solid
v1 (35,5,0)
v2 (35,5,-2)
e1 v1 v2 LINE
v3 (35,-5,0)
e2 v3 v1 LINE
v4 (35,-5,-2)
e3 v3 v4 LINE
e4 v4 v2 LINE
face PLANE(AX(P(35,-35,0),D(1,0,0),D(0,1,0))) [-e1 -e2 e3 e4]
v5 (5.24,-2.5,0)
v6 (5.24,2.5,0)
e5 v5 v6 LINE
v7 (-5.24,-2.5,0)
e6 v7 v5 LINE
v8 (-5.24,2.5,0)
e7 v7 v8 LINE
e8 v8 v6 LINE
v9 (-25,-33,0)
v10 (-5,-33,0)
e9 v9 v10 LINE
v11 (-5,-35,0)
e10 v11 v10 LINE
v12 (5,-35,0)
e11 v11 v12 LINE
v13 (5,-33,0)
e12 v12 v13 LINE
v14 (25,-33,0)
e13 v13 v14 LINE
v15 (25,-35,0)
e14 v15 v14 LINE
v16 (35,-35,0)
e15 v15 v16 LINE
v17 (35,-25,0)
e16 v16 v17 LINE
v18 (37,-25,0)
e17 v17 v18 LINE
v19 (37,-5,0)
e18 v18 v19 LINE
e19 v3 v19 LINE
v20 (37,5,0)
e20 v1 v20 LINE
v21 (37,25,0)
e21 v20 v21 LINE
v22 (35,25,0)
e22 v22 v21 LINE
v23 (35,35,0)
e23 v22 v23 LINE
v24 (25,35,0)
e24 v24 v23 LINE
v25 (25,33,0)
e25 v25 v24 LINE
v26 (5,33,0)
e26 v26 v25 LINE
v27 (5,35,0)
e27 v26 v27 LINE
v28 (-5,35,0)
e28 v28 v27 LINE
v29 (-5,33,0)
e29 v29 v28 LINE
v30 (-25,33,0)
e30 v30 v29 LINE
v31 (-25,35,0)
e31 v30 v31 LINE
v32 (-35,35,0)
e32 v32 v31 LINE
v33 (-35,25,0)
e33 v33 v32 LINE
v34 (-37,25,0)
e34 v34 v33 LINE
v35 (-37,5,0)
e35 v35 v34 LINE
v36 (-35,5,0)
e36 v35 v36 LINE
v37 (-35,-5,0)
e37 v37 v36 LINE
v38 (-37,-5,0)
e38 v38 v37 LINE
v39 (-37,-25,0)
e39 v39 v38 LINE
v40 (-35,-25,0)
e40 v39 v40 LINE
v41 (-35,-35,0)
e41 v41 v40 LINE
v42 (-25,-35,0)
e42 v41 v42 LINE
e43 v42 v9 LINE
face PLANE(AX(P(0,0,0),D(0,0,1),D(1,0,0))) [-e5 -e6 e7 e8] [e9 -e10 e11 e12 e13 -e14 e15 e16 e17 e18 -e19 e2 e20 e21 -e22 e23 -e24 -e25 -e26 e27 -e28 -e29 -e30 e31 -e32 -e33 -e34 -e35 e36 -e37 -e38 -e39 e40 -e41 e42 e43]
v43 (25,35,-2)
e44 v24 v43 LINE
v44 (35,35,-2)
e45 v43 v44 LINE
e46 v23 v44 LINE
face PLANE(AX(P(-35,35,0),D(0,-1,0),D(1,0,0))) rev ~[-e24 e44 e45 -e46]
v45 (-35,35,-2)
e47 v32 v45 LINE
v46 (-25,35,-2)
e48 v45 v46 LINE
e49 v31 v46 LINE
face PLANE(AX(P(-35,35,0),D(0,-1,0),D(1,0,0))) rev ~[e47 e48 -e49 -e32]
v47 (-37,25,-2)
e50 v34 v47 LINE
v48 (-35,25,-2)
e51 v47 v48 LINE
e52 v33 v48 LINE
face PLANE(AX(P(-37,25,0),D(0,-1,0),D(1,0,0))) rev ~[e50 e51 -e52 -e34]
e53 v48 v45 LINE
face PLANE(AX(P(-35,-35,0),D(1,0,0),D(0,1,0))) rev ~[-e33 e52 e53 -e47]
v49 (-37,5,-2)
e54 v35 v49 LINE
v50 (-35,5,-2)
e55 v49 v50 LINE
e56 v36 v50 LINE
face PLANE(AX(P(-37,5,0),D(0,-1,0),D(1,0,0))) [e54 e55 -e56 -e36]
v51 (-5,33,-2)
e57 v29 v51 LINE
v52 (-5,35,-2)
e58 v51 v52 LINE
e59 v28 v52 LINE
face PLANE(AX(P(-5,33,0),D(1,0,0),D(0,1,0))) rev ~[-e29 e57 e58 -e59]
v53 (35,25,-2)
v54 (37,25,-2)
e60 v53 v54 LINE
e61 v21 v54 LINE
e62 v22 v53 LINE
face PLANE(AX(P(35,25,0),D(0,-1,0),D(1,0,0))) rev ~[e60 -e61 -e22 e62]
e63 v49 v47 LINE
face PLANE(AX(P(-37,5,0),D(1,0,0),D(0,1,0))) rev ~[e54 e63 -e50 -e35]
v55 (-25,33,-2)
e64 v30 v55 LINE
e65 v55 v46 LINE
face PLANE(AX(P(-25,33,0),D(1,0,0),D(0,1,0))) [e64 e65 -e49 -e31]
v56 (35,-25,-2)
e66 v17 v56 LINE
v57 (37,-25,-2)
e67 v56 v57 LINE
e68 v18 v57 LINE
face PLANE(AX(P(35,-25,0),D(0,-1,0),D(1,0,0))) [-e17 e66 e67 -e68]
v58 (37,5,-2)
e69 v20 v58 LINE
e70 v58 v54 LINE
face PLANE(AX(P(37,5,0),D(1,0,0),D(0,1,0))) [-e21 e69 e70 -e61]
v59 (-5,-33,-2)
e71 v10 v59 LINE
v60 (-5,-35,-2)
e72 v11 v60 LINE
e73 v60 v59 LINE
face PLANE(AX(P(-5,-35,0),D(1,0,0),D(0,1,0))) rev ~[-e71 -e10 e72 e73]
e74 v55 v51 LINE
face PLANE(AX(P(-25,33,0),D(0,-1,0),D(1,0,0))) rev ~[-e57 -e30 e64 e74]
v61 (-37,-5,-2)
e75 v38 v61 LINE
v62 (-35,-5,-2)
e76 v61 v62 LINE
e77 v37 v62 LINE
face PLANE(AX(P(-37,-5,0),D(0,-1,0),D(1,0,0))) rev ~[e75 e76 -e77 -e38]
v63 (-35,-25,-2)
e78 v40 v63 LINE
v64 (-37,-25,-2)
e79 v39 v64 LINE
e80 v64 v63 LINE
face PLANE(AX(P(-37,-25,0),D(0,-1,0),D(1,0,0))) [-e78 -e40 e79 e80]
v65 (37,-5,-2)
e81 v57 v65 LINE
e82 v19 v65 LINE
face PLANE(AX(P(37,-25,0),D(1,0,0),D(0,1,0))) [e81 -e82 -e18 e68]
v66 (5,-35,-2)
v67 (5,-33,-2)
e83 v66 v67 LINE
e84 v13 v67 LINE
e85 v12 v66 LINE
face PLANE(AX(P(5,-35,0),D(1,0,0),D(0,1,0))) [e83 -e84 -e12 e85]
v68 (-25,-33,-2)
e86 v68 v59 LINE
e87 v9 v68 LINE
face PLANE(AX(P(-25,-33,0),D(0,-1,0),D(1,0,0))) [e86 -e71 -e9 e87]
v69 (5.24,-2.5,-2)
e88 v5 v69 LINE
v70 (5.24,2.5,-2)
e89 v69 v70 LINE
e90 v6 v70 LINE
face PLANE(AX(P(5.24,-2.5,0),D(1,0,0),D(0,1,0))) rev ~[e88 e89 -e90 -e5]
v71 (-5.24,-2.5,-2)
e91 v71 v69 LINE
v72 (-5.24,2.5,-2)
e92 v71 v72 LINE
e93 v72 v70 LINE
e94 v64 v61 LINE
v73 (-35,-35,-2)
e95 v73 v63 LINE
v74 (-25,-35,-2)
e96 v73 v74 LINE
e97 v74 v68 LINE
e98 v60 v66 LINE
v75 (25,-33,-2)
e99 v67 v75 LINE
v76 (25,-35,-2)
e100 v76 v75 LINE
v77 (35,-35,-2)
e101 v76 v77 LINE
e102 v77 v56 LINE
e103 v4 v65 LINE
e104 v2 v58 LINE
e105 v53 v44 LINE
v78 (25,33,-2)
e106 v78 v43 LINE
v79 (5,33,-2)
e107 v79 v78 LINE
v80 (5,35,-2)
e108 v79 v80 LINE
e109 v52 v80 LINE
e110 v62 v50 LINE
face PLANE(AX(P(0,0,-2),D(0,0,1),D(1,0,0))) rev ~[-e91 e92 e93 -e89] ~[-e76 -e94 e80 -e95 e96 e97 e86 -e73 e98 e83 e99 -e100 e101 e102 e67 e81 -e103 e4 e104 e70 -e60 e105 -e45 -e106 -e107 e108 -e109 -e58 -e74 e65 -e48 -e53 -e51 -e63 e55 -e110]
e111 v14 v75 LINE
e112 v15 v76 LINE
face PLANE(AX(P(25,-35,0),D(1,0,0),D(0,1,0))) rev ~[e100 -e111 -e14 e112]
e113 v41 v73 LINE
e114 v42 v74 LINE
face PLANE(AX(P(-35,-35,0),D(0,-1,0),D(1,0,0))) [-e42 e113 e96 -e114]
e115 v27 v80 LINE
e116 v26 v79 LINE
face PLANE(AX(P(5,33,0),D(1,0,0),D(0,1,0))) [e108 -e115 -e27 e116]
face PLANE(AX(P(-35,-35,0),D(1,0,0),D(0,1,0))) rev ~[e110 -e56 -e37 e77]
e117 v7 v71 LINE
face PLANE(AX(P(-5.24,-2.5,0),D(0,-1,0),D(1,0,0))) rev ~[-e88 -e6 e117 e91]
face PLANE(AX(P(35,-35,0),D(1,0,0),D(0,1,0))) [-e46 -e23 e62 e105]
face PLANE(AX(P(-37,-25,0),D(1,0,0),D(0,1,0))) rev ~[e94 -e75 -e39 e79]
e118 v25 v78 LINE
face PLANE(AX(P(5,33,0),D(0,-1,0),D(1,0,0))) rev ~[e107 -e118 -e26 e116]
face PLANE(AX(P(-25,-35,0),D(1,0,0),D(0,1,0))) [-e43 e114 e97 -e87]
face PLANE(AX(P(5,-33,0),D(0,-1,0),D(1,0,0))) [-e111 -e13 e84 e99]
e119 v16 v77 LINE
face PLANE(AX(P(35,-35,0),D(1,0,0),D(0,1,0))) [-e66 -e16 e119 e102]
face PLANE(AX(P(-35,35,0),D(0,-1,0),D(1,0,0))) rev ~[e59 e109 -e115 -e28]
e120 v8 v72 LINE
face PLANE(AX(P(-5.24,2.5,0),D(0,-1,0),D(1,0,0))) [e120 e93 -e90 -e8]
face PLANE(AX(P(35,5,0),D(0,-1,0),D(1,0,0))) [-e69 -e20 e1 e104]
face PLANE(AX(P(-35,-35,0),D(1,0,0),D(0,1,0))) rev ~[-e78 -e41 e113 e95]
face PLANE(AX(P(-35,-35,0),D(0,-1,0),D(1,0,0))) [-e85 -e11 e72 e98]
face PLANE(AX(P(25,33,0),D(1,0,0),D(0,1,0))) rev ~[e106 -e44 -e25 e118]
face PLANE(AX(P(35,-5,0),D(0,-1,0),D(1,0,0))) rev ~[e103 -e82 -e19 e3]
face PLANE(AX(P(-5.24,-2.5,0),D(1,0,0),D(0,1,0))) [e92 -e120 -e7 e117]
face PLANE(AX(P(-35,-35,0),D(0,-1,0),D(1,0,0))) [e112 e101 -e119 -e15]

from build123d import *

# Parameters (mm, degrees)
SKETCH1_W           = 70
SKETCH1_H           = 70
BOSS_EXTRUDE1_DEPTH = 2
SKETCH2_W           = 2
SKETCH2_H           = 20
BOSS_EXTRUDE2_DEPTH = 2
SKETCH3_W           = 20
SKETCH3_H           = 2
CUT_EXTRUDE1_DEPTH  = 2
SKETCH4_W           = 10.48
SKETCH4_H           = 5
CUT_EXTRUDE2_DEPTH  = 10


with BuildPart() as part:
    # Sketch1 → Boss-Extrude1 (new body)
    with BuildSketch(Plane.XY):
        Rectangle(SKETCH1_W, SKETCH1_H)
    extrude(amount=-BOSS_EXTRUDE1_DEPTH)

    # Sketch2 → Boss-Extrude2 (add)
    with BuildSketch(Plane.XY):
        with Locations((-36, 15)):
            Rectangle(SKETCH2_W, SKETCH2_H)
        with Locations((-36, -15)):
            Rectangle(SKETCH2_W, SKETCH2_H)
        with Locations((36, -15)):
            Rectangle(SKETCH2_W, SKETCH2_H)
        with Locations((36, 15)):
            Rectangle(SKETCH2_W, SKETCH2_H)
    extrude(amount=-BOSS_EXTRUDE2_DEPTH)

    # Sketch3 → Cut-Extrude1 (cut)
    with BuildSketch(Plane.XY):
        with Locations((-15, 34)):
            Rectangle(SKETCH3_W, SKETCH3_H)
        with Locations((15, 34)):
            Rectangle(SKETCH3_W, SKETCH3_H)
        with Locations((-15, -34)):
            Rectangle(SKETCH3_W, SKETCH3_H)
        with Locations((15, -34)):
            Rectangle(SKETCH3_W, SKETCH3_H)
    extrude(amount=-CUT_EXTRUDE1_DEPTH, mode=Mode.SUBTRACT)

    # Sketch4 → Cut-Extrude2 (cut)
    with BuildSketch(Plane.XY):
        Rectangle(SKETCH4_W, SKETCH4_H)
    extrude(amount=-CUT_EXTRUDE2_DEPTH, mode=Mode.SUBTRACT)


solid = part.part
